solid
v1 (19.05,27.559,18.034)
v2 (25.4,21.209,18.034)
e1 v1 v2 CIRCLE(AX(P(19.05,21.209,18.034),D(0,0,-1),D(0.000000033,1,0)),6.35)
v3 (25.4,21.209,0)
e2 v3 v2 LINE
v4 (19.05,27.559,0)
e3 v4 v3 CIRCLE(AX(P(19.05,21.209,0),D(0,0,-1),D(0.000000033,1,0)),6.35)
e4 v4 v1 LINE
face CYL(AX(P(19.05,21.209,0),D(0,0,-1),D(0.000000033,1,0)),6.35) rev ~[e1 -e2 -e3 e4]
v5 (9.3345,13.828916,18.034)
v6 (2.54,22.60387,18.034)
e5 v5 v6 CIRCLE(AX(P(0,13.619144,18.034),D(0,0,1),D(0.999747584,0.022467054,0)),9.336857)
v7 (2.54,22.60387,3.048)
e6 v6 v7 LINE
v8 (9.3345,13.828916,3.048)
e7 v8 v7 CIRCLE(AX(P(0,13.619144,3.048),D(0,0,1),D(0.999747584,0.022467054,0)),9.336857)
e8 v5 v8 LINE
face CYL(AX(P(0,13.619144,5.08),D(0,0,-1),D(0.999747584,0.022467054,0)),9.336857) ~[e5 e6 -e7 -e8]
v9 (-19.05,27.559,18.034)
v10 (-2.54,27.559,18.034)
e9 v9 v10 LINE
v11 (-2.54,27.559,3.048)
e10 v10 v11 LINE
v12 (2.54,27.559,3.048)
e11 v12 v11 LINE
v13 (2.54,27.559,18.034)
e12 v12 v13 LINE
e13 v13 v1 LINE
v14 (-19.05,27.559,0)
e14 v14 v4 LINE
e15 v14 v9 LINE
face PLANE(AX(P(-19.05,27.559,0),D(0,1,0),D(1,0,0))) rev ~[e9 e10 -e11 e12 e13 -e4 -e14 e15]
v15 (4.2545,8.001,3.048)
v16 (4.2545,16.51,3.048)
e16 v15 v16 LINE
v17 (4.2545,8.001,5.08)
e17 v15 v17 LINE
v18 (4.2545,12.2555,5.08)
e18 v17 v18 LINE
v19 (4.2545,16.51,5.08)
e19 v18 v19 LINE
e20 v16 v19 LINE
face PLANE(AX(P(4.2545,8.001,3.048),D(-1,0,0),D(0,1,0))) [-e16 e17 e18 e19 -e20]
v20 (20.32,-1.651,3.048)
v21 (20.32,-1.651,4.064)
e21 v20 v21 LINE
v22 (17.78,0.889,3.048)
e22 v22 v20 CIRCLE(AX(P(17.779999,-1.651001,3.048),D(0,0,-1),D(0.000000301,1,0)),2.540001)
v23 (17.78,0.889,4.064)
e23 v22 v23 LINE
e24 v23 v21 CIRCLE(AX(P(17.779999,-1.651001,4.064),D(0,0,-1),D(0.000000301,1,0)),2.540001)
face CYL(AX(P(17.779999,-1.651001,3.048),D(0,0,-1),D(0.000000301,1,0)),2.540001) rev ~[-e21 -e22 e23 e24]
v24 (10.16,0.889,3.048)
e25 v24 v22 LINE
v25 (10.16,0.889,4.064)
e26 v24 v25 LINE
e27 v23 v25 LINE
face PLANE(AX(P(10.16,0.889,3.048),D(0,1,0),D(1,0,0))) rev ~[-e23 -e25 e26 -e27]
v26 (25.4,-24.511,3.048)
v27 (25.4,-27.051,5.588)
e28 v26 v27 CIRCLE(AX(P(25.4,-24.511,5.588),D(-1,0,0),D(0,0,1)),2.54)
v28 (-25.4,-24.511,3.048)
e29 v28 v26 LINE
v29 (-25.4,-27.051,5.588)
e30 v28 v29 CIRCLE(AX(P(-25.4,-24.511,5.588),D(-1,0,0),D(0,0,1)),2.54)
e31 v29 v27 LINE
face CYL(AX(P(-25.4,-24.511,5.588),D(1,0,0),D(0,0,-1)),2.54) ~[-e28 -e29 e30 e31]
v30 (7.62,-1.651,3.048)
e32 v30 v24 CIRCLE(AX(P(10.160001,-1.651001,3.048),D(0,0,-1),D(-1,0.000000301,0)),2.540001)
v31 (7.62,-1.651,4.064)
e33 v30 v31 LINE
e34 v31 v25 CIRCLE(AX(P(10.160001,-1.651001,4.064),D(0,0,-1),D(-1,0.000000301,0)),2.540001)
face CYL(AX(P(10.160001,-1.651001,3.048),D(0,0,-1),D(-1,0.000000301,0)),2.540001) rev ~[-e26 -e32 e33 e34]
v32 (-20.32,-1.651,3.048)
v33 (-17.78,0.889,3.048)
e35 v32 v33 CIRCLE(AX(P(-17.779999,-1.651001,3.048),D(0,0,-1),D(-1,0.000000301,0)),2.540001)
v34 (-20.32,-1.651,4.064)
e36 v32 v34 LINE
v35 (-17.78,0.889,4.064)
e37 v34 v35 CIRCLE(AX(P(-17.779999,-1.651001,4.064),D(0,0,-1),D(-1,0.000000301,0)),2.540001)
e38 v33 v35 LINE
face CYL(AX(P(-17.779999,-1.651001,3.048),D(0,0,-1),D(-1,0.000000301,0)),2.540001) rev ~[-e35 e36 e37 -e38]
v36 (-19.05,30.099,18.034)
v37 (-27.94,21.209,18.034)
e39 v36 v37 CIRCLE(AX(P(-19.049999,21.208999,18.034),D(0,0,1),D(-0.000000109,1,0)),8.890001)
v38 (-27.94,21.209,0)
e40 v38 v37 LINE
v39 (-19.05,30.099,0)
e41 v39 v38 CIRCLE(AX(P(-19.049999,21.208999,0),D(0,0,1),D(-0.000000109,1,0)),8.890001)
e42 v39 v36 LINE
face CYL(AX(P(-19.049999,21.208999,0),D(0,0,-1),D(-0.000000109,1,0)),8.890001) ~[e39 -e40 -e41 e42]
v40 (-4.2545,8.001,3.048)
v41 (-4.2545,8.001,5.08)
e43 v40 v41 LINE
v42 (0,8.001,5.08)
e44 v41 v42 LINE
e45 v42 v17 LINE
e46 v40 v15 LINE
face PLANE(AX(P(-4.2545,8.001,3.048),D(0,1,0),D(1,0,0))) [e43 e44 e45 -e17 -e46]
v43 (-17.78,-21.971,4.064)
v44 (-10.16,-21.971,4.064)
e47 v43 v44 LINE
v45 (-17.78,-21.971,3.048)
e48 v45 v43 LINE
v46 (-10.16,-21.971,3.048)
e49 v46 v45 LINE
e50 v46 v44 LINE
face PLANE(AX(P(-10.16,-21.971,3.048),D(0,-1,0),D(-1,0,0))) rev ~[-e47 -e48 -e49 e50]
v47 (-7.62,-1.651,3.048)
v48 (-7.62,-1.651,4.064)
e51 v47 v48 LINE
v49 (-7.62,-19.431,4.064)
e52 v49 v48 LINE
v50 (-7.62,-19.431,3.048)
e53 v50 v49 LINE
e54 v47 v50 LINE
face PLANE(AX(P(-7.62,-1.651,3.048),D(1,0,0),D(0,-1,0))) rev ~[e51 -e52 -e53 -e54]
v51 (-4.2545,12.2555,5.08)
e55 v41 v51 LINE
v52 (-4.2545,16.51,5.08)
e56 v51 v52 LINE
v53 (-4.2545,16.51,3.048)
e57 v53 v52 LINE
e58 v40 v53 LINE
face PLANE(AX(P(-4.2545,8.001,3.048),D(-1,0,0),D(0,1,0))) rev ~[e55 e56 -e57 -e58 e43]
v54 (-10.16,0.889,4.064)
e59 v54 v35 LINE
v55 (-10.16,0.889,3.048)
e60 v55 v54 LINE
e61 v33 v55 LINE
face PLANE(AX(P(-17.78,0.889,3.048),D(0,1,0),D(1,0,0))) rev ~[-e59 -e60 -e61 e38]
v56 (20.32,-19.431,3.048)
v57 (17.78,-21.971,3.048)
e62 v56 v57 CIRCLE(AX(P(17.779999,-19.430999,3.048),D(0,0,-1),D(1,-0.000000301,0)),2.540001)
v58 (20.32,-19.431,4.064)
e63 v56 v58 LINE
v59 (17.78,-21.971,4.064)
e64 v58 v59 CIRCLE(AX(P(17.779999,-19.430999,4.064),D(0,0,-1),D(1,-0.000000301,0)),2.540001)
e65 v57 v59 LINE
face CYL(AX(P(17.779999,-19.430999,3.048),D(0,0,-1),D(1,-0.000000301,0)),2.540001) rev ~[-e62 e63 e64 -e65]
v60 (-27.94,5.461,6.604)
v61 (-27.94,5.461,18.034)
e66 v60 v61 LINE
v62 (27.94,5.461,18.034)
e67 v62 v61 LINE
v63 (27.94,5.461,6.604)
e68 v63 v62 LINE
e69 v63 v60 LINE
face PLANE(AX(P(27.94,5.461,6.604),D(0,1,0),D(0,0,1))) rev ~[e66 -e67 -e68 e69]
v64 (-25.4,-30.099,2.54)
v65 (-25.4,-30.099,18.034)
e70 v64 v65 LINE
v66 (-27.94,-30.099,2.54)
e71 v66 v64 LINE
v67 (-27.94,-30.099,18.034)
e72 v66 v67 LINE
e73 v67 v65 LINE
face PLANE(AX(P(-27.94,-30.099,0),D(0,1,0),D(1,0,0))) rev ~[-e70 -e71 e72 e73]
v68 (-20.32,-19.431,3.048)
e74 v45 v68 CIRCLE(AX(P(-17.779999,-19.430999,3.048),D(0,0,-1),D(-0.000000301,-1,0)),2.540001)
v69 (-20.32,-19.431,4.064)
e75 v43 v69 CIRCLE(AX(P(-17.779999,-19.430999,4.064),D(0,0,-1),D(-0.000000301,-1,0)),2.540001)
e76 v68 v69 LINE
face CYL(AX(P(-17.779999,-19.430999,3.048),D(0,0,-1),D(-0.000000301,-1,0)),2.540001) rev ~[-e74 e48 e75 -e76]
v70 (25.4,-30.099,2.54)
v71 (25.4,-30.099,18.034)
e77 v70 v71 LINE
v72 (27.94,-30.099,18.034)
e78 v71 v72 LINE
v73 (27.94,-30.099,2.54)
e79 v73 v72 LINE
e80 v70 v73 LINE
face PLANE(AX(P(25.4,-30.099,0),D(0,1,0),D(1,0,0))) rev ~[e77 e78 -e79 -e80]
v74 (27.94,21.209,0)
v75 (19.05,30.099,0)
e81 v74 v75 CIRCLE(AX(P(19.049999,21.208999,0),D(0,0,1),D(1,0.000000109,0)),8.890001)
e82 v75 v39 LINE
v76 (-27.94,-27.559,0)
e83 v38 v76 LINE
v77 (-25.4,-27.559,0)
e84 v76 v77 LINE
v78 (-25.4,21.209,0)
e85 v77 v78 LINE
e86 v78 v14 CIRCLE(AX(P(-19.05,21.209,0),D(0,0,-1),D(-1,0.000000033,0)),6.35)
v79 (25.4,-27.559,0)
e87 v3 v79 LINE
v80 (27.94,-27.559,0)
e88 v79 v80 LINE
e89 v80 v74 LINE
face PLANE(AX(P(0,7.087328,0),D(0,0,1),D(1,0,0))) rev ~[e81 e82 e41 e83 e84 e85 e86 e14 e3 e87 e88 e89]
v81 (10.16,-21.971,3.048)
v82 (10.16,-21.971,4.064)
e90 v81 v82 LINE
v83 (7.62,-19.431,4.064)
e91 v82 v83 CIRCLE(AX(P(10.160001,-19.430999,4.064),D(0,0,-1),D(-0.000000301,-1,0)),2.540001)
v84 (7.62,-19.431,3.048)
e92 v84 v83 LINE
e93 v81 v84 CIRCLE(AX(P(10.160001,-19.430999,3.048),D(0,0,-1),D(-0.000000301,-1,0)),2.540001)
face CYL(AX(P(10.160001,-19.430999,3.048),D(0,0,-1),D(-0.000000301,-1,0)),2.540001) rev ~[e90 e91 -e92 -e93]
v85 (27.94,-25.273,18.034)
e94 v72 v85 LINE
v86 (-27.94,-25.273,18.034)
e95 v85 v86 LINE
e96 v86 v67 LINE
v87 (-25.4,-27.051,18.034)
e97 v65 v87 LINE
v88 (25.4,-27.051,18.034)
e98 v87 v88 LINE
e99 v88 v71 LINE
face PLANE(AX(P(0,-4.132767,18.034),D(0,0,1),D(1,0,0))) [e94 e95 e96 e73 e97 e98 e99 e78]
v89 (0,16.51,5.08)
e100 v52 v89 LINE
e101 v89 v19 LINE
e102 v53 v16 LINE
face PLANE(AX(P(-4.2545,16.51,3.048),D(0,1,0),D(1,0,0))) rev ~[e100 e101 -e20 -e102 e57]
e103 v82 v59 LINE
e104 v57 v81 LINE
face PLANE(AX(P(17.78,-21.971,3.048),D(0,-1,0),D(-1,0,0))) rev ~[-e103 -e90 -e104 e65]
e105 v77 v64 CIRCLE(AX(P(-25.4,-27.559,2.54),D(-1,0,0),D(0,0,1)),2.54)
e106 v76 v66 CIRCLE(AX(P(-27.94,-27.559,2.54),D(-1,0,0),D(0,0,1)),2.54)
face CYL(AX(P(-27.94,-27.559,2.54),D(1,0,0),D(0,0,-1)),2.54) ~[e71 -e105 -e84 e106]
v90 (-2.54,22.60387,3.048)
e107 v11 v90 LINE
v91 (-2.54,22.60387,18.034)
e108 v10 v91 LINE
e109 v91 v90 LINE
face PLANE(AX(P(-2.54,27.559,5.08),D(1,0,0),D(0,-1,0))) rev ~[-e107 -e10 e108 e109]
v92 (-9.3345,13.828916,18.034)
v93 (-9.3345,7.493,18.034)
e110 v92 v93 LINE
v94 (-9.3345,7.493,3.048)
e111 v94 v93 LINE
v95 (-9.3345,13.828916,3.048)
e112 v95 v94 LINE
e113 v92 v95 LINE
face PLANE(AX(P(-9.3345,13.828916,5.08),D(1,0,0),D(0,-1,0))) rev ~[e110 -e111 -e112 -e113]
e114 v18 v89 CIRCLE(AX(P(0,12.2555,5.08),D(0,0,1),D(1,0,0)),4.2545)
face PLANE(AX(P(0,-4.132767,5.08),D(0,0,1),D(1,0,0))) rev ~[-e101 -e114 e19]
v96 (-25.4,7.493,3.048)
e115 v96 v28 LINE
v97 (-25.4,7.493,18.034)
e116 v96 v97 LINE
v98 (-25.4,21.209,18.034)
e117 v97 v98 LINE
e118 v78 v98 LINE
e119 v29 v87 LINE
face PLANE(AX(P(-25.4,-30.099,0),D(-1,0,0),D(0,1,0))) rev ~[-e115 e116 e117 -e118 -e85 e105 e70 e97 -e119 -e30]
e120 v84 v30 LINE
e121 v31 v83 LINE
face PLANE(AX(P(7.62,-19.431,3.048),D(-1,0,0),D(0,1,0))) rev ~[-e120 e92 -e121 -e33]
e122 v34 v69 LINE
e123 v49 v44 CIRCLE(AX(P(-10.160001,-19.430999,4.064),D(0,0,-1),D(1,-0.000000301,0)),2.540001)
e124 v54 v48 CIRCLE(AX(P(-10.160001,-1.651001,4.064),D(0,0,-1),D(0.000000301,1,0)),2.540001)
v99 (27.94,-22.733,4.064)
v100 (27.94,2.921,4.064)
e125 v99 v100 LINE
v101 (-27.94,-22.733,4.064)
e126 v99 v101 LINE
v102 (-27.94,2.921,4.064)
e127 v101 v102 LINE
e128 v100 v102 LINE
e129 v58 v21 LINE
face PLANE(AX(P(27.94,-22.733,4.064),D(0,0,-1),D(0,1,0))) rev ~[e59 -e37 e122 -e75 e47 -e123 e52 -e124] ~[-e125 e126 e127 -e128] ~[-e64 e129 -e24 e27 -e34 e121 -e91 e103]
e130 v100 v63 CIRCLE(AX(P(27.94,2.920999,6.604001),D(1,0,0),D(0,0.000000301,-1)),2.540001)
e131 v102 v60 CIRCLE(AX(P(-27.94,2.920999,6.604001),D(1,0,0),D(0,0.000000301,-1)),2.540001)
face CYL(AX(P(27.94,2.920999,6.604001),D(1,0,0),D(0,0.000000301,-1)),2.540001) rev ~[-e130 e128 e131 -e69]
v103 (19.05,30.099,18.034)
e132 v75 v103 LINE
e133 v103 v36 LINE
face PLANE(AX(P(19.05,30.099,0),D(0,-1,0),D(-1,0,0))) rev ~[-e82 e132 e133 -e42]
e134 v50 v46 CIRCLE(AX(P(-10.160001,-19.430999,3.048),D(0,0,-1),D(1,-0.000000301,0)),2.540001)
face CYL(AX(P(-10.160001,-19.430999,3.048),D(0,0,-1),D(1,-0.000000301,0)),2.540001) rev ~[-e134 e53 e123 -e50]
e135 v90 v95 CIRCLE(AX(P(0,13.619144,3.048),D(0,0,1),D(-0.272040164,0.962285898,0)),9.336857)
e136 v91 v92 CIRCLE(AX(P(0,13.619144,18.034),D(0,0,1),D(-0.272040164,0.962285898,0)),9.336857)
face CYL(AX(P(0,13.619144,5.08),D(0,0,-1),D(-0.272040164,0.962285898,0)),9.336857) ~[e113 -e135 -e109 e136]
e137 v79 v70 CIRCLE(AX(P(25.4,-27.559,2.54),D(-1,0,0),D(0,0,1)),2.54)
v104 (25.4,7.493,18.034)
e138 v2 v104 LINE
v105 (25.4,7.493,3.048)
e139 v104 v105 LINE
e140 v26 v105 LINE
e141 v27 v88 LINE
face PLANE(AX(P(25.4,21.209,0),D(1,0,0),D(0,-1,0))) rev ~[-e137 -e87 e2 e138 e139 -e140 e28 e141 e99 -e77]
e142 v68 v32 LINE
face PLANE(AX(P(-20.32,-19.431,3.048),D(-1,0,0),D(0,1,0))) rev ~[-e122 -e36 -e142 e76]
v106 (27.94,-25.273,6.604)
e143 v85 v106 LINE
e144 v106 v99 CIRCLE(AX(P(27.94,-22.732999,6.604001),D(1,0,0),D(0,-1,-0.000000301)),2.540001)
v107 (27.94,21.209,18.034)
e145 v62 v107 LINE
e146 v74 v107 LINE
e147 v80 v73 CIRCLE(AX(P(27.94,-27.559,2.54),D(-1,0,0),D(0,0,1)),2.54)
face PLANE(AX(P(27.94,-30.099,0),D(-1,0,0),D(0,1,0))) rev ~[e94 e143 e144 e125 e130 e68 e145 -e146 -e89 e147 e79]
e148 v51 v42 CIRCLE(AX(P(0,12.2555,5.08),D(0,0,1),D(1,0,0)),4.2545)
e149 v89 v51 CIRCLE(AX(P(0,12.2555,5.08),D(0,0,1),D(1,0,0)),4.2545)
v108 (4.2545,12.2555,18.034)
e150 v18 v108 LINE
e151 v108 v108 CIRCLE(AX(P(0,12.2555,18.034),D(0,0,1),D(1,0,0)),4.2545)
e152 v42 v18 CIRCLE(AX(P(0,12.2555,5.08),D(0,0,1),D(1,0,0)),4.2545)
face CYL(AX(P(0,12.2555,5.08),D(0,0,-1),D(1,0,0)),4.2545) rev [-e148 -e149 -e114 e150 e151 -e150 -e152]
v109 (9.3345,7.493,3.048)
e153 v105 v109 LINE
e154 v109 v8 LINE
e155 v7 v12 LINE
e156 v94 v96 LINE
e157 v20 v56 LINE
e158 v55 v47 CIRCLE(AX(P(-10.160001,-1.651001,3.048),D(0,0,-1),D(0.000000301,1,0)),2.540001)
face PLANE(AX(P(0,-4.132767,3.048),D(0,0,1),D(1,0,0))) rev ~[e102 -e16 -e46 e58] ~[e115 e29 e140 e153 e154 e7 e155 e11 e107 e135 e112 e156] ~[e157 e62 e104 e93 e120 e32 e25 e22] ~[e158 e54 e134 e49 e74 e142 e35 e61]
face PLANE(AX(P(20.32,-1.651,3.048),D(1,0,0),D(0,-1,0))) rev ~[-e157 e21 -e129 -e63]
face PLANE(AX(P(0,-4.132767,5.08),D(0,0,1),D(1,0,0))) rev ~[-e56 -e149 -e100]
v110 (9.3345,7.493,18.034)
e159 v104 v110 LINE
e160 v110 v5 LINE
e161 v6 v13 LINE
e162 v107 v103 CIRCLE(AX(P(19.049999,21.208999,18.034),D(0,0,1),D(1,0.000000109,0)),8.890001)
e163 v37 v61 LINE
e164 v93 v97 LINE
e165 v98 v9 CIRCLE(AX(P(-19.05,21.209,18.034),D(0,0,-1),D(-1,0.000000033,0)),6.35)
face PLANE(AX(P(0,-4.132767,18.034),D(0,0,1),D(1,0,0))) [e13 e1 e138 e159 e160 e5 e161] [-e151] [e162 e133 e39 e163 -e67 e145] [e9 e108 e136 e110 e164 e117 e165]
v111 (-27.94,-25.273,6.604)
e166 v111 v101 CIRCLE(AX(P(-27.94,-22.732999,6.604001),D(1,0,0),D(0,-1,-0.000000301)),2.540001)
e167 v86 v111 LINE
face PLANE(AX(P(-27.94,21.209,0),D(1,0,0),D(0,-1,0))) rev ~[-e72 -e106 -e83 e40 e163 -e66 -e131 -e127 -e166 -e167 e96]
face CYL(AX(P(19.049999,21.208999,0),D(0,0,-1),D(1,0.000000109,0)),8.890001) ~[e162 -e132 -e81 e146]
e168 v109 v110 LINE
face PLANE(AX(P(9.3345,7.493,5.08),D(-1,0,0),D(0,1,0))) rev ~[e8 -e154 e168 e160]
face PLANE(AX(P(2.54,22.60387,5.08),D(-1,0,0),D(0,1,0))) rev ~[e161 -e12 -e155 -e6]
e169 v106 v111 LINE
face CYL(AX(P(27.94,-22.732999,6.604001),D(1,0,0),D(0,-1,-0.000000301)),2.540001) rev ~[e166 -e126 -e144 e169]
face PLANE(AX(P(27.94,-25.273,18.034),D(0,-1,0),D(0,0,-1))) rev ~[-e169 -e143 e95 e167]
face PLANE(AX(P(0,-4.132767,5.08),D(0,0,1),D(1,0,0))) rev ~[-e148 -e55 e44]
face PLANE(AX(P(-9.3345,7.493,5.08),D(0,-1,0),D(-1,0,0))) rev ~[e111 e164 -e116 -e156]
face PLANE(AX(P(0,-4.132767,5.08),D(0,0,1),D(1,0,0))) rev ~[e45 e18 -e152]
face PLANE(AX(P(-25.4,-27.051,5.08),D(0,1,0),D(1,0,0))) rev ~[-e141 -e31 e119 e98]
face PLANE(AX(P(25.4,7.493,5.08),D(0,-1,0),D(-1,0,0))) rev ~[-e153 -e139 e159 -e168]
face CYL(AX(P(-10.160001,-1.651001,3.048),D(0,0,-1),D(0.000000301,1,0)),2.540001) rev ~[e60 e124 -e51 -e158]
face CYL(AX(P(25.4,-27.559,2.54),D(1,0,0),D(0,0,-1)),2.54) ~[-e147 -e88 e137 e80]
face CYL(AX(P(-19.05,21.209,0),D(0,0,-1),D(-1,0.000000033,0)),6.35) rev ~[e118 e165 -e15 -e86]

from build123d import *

# Parameters (mm, degrees)
F1_DEPTH = 18.034
F3_W     = 8.509
F3_H     = 8.509
F4_DEPTH = 2.032
F5_R     = 4.2545
F6_DEPTH = 12.954
F8_DEPTH = 55.881
F9_R     = 2.54


with BuildPart() as f1:
    # F0 (on Top) → F1 (new body)
    with BuildSketch(Plane.XY):
        with BuildLine():
            Line((-27.94, 21.209), (-27.94, -30.099))
            Line((-27.94, -30.099), (-25.4, -30.099))
            Line((-25.4, -30.099), (-25.4, 21.209))
            ThreePointArc((-25.4, 21.209), (-23.540128, 25.699128), (-19.05, 27.559))
            Line((-19.05, 27.559), (19.05, 27.559))
            ThreePointArc((19.05, 27.559), (23.540128, 25.699128), (25.4, 21.209))
            Line((25.4, 21.209), (25.4, -30.099))
            Line((25.4, -30.099), (27.94, -30.099))
            Line((27.94, -30.099), (27.94, 21.209))
            ThreePointArc((27.94, 21.209), (25.336179, 27.495179), (19.05, 30.099))
            Line((19.05, 30.099), (-19.05, 30.099))
            ThreePointArc((-19.05, 30.099), (-25.336179, 27.495179), (-27.94, 21.209))
        make_face()
    extrude(amount=F1_DEPTH)

    # F3 (on offset) → F4 (join)
    with BuildSketch(Plane.XY.offset(3.048)):
        with BuildLine():
            Line((-25.4, 7.493), (-25.4, -27.051))
            Line((-25.4, -27.051), (25.4, -27.051))
            Line((25.4, -27.051), (25.4, 7.493))
            Line((25.4, 7.493), (9.3345, 7.493))
            Line((9.3345, 7.493), (9.3345, 13.828916))
            ThreePointArc((9.3345, 13.828916), (7.382472, 19.335437), (2.54, 22.60387))
            Line((2.54, 22.60387), (2.54, 27.559))
            Line((2.54, 27.559), (-2.54, 27.559))
            Line((-2.54, 27.559), (-2.54, 22.60387))
            ThreePointArc((-2.54, 22.60387), (-7.382472, 19.335437), (-9.3345, 13.828916))
            Line((-9.3345, 13.828916), (-9.3345, 7.493))
            Line((-9.3345, 7.493), (-25.4, 7.493))
        make_face()
        with BuildLine():
            ThreePointArc((-20.32, -1.651), (-19.576051, 0.145051), (-17.78, 0.889))
            Line((-17.78, 0.889), (-10.16, 0.889))
            ThreePointArc((-10.16, 0.889), (-8.363949, 0.145051), (-7.62, -1.651))
            Line((-7.62, -1.651), (-7.62, -19.431))
            ThreePointArc((-7.62, -19.431), (-8.363949, -21.227051), (-10.16, -21.971))
            Line((-10.16, -21.971), (-17.78, -21.971))
            ThreePointArc((-17.78, -21.971), (-19.576051, -21.227051), (-20.32, -19.431))
            Line((-20.32, -19.431), (-20.32, -1.651))
        make_face(mode=Mode.SUBTRACT)
        with BuildLine():
            ThreePointArc((7.62, -1.651), (8.363949, 0.145051), (10.16, 0.889))
            Line((10.16, 0.889), (17.78, 0.889))
            ThreePointArc((17.78, 0.889), (19.576051, 0.145051), (20.32, -1.651))
            Line((20.32, -1.651), (20.32, -19.431))
            ThreePointArc((20.32, -19.431), (19.576051, -21.227051), (17.78, -21.971))
            Line((17.78, -21.971), (10.16, -21.971))
            ThreePointArc((10.16, -21.971), (8.363949, -21.227051), (7.62, -19.431))
            Line((7.62, -19.431), (7.62, -1.651))
        make_face(mode=Mode.SUBTRACT)
        with Locations((0, 12.2555)):
            Rectangle(F3_W, F3_H, mode=Mode.SUBTRACT)
    extrude(amount=F4_DEPTH)

    # F5 (on face) → F6 (join, through all)
    with BuildSketch(Plane.XY.offset(5.08)):
        with BuildLine():
            Line((-9.3345, 13.828916), (-9.3345, 7.493))
            Line((-9.3345, 7.493), (-25.4, 7.493))
            Line((-25.4, 7.493), (-25.4, -27.051))
            Line((-25.4, -27.051), (25.4, -27.051))
            Line((25.4, -27.051), (25.4, 7.493))
            Line((25.4, 7.493), (9.3345, 7.493))
            Line((9.3345, 7.493), (9.3345, 13.828916))
            ThreePointArc((9.3345, 13.828916), (7.382472, 19.335437), (2.54, 22.60387))
            Line((2.54, 22.60387), (2.54, 27.559))
            Line((2.54, 27.559), (-2.54, 27.559))
            Line((-2.54, 27.559), (-2.54, 22.60387))
            ThreePointArc((-2.54, 22.60387), (-7.382472, 19.335437), (-9.3345, 13.828916))
        make_face()
        with Locations((0, 12.2555)):
            Circle(F5_R, mode=Mode.SUBTRACT)
    extrude(amount=F6_DEPTH)

    # F7 (on face) → F8 (cut, through all)
    with BuildSketch(Plane.YZ.offset(27.94)):
        with BuildLine():
            Line((5.461, 18.034), (-25.273, 18.034))
            Line((-25.273, 18.034), (-25.273, 6.604))
            ThreePointArc((-25.273, 6.604), (-24.529051, 4.807949), (-22.733, 4.064))
            Line((-22.733, 4.064), (2.921, 4.064))
            ThreePointArc((2.921, 4.064), (4.717051, 4.807949), (5.461, 6.604))
            Line((5.461, 6.604), (5.461, 18.034))
        make_face()
    extrude(amount=-F8_DEPTH, mode=Mode.SUBTRACT)

    # F9
    f9_edges = [f1.edges().sort_by_distance(p)[0] for p in [
        (-26.67, -30.099, 0),
        (26.67, -30.099, 0),
        (0, -27.051, 3.048),
    ]]
    fillet(f9_edges, radius=F9_R)


solid = f1.part
